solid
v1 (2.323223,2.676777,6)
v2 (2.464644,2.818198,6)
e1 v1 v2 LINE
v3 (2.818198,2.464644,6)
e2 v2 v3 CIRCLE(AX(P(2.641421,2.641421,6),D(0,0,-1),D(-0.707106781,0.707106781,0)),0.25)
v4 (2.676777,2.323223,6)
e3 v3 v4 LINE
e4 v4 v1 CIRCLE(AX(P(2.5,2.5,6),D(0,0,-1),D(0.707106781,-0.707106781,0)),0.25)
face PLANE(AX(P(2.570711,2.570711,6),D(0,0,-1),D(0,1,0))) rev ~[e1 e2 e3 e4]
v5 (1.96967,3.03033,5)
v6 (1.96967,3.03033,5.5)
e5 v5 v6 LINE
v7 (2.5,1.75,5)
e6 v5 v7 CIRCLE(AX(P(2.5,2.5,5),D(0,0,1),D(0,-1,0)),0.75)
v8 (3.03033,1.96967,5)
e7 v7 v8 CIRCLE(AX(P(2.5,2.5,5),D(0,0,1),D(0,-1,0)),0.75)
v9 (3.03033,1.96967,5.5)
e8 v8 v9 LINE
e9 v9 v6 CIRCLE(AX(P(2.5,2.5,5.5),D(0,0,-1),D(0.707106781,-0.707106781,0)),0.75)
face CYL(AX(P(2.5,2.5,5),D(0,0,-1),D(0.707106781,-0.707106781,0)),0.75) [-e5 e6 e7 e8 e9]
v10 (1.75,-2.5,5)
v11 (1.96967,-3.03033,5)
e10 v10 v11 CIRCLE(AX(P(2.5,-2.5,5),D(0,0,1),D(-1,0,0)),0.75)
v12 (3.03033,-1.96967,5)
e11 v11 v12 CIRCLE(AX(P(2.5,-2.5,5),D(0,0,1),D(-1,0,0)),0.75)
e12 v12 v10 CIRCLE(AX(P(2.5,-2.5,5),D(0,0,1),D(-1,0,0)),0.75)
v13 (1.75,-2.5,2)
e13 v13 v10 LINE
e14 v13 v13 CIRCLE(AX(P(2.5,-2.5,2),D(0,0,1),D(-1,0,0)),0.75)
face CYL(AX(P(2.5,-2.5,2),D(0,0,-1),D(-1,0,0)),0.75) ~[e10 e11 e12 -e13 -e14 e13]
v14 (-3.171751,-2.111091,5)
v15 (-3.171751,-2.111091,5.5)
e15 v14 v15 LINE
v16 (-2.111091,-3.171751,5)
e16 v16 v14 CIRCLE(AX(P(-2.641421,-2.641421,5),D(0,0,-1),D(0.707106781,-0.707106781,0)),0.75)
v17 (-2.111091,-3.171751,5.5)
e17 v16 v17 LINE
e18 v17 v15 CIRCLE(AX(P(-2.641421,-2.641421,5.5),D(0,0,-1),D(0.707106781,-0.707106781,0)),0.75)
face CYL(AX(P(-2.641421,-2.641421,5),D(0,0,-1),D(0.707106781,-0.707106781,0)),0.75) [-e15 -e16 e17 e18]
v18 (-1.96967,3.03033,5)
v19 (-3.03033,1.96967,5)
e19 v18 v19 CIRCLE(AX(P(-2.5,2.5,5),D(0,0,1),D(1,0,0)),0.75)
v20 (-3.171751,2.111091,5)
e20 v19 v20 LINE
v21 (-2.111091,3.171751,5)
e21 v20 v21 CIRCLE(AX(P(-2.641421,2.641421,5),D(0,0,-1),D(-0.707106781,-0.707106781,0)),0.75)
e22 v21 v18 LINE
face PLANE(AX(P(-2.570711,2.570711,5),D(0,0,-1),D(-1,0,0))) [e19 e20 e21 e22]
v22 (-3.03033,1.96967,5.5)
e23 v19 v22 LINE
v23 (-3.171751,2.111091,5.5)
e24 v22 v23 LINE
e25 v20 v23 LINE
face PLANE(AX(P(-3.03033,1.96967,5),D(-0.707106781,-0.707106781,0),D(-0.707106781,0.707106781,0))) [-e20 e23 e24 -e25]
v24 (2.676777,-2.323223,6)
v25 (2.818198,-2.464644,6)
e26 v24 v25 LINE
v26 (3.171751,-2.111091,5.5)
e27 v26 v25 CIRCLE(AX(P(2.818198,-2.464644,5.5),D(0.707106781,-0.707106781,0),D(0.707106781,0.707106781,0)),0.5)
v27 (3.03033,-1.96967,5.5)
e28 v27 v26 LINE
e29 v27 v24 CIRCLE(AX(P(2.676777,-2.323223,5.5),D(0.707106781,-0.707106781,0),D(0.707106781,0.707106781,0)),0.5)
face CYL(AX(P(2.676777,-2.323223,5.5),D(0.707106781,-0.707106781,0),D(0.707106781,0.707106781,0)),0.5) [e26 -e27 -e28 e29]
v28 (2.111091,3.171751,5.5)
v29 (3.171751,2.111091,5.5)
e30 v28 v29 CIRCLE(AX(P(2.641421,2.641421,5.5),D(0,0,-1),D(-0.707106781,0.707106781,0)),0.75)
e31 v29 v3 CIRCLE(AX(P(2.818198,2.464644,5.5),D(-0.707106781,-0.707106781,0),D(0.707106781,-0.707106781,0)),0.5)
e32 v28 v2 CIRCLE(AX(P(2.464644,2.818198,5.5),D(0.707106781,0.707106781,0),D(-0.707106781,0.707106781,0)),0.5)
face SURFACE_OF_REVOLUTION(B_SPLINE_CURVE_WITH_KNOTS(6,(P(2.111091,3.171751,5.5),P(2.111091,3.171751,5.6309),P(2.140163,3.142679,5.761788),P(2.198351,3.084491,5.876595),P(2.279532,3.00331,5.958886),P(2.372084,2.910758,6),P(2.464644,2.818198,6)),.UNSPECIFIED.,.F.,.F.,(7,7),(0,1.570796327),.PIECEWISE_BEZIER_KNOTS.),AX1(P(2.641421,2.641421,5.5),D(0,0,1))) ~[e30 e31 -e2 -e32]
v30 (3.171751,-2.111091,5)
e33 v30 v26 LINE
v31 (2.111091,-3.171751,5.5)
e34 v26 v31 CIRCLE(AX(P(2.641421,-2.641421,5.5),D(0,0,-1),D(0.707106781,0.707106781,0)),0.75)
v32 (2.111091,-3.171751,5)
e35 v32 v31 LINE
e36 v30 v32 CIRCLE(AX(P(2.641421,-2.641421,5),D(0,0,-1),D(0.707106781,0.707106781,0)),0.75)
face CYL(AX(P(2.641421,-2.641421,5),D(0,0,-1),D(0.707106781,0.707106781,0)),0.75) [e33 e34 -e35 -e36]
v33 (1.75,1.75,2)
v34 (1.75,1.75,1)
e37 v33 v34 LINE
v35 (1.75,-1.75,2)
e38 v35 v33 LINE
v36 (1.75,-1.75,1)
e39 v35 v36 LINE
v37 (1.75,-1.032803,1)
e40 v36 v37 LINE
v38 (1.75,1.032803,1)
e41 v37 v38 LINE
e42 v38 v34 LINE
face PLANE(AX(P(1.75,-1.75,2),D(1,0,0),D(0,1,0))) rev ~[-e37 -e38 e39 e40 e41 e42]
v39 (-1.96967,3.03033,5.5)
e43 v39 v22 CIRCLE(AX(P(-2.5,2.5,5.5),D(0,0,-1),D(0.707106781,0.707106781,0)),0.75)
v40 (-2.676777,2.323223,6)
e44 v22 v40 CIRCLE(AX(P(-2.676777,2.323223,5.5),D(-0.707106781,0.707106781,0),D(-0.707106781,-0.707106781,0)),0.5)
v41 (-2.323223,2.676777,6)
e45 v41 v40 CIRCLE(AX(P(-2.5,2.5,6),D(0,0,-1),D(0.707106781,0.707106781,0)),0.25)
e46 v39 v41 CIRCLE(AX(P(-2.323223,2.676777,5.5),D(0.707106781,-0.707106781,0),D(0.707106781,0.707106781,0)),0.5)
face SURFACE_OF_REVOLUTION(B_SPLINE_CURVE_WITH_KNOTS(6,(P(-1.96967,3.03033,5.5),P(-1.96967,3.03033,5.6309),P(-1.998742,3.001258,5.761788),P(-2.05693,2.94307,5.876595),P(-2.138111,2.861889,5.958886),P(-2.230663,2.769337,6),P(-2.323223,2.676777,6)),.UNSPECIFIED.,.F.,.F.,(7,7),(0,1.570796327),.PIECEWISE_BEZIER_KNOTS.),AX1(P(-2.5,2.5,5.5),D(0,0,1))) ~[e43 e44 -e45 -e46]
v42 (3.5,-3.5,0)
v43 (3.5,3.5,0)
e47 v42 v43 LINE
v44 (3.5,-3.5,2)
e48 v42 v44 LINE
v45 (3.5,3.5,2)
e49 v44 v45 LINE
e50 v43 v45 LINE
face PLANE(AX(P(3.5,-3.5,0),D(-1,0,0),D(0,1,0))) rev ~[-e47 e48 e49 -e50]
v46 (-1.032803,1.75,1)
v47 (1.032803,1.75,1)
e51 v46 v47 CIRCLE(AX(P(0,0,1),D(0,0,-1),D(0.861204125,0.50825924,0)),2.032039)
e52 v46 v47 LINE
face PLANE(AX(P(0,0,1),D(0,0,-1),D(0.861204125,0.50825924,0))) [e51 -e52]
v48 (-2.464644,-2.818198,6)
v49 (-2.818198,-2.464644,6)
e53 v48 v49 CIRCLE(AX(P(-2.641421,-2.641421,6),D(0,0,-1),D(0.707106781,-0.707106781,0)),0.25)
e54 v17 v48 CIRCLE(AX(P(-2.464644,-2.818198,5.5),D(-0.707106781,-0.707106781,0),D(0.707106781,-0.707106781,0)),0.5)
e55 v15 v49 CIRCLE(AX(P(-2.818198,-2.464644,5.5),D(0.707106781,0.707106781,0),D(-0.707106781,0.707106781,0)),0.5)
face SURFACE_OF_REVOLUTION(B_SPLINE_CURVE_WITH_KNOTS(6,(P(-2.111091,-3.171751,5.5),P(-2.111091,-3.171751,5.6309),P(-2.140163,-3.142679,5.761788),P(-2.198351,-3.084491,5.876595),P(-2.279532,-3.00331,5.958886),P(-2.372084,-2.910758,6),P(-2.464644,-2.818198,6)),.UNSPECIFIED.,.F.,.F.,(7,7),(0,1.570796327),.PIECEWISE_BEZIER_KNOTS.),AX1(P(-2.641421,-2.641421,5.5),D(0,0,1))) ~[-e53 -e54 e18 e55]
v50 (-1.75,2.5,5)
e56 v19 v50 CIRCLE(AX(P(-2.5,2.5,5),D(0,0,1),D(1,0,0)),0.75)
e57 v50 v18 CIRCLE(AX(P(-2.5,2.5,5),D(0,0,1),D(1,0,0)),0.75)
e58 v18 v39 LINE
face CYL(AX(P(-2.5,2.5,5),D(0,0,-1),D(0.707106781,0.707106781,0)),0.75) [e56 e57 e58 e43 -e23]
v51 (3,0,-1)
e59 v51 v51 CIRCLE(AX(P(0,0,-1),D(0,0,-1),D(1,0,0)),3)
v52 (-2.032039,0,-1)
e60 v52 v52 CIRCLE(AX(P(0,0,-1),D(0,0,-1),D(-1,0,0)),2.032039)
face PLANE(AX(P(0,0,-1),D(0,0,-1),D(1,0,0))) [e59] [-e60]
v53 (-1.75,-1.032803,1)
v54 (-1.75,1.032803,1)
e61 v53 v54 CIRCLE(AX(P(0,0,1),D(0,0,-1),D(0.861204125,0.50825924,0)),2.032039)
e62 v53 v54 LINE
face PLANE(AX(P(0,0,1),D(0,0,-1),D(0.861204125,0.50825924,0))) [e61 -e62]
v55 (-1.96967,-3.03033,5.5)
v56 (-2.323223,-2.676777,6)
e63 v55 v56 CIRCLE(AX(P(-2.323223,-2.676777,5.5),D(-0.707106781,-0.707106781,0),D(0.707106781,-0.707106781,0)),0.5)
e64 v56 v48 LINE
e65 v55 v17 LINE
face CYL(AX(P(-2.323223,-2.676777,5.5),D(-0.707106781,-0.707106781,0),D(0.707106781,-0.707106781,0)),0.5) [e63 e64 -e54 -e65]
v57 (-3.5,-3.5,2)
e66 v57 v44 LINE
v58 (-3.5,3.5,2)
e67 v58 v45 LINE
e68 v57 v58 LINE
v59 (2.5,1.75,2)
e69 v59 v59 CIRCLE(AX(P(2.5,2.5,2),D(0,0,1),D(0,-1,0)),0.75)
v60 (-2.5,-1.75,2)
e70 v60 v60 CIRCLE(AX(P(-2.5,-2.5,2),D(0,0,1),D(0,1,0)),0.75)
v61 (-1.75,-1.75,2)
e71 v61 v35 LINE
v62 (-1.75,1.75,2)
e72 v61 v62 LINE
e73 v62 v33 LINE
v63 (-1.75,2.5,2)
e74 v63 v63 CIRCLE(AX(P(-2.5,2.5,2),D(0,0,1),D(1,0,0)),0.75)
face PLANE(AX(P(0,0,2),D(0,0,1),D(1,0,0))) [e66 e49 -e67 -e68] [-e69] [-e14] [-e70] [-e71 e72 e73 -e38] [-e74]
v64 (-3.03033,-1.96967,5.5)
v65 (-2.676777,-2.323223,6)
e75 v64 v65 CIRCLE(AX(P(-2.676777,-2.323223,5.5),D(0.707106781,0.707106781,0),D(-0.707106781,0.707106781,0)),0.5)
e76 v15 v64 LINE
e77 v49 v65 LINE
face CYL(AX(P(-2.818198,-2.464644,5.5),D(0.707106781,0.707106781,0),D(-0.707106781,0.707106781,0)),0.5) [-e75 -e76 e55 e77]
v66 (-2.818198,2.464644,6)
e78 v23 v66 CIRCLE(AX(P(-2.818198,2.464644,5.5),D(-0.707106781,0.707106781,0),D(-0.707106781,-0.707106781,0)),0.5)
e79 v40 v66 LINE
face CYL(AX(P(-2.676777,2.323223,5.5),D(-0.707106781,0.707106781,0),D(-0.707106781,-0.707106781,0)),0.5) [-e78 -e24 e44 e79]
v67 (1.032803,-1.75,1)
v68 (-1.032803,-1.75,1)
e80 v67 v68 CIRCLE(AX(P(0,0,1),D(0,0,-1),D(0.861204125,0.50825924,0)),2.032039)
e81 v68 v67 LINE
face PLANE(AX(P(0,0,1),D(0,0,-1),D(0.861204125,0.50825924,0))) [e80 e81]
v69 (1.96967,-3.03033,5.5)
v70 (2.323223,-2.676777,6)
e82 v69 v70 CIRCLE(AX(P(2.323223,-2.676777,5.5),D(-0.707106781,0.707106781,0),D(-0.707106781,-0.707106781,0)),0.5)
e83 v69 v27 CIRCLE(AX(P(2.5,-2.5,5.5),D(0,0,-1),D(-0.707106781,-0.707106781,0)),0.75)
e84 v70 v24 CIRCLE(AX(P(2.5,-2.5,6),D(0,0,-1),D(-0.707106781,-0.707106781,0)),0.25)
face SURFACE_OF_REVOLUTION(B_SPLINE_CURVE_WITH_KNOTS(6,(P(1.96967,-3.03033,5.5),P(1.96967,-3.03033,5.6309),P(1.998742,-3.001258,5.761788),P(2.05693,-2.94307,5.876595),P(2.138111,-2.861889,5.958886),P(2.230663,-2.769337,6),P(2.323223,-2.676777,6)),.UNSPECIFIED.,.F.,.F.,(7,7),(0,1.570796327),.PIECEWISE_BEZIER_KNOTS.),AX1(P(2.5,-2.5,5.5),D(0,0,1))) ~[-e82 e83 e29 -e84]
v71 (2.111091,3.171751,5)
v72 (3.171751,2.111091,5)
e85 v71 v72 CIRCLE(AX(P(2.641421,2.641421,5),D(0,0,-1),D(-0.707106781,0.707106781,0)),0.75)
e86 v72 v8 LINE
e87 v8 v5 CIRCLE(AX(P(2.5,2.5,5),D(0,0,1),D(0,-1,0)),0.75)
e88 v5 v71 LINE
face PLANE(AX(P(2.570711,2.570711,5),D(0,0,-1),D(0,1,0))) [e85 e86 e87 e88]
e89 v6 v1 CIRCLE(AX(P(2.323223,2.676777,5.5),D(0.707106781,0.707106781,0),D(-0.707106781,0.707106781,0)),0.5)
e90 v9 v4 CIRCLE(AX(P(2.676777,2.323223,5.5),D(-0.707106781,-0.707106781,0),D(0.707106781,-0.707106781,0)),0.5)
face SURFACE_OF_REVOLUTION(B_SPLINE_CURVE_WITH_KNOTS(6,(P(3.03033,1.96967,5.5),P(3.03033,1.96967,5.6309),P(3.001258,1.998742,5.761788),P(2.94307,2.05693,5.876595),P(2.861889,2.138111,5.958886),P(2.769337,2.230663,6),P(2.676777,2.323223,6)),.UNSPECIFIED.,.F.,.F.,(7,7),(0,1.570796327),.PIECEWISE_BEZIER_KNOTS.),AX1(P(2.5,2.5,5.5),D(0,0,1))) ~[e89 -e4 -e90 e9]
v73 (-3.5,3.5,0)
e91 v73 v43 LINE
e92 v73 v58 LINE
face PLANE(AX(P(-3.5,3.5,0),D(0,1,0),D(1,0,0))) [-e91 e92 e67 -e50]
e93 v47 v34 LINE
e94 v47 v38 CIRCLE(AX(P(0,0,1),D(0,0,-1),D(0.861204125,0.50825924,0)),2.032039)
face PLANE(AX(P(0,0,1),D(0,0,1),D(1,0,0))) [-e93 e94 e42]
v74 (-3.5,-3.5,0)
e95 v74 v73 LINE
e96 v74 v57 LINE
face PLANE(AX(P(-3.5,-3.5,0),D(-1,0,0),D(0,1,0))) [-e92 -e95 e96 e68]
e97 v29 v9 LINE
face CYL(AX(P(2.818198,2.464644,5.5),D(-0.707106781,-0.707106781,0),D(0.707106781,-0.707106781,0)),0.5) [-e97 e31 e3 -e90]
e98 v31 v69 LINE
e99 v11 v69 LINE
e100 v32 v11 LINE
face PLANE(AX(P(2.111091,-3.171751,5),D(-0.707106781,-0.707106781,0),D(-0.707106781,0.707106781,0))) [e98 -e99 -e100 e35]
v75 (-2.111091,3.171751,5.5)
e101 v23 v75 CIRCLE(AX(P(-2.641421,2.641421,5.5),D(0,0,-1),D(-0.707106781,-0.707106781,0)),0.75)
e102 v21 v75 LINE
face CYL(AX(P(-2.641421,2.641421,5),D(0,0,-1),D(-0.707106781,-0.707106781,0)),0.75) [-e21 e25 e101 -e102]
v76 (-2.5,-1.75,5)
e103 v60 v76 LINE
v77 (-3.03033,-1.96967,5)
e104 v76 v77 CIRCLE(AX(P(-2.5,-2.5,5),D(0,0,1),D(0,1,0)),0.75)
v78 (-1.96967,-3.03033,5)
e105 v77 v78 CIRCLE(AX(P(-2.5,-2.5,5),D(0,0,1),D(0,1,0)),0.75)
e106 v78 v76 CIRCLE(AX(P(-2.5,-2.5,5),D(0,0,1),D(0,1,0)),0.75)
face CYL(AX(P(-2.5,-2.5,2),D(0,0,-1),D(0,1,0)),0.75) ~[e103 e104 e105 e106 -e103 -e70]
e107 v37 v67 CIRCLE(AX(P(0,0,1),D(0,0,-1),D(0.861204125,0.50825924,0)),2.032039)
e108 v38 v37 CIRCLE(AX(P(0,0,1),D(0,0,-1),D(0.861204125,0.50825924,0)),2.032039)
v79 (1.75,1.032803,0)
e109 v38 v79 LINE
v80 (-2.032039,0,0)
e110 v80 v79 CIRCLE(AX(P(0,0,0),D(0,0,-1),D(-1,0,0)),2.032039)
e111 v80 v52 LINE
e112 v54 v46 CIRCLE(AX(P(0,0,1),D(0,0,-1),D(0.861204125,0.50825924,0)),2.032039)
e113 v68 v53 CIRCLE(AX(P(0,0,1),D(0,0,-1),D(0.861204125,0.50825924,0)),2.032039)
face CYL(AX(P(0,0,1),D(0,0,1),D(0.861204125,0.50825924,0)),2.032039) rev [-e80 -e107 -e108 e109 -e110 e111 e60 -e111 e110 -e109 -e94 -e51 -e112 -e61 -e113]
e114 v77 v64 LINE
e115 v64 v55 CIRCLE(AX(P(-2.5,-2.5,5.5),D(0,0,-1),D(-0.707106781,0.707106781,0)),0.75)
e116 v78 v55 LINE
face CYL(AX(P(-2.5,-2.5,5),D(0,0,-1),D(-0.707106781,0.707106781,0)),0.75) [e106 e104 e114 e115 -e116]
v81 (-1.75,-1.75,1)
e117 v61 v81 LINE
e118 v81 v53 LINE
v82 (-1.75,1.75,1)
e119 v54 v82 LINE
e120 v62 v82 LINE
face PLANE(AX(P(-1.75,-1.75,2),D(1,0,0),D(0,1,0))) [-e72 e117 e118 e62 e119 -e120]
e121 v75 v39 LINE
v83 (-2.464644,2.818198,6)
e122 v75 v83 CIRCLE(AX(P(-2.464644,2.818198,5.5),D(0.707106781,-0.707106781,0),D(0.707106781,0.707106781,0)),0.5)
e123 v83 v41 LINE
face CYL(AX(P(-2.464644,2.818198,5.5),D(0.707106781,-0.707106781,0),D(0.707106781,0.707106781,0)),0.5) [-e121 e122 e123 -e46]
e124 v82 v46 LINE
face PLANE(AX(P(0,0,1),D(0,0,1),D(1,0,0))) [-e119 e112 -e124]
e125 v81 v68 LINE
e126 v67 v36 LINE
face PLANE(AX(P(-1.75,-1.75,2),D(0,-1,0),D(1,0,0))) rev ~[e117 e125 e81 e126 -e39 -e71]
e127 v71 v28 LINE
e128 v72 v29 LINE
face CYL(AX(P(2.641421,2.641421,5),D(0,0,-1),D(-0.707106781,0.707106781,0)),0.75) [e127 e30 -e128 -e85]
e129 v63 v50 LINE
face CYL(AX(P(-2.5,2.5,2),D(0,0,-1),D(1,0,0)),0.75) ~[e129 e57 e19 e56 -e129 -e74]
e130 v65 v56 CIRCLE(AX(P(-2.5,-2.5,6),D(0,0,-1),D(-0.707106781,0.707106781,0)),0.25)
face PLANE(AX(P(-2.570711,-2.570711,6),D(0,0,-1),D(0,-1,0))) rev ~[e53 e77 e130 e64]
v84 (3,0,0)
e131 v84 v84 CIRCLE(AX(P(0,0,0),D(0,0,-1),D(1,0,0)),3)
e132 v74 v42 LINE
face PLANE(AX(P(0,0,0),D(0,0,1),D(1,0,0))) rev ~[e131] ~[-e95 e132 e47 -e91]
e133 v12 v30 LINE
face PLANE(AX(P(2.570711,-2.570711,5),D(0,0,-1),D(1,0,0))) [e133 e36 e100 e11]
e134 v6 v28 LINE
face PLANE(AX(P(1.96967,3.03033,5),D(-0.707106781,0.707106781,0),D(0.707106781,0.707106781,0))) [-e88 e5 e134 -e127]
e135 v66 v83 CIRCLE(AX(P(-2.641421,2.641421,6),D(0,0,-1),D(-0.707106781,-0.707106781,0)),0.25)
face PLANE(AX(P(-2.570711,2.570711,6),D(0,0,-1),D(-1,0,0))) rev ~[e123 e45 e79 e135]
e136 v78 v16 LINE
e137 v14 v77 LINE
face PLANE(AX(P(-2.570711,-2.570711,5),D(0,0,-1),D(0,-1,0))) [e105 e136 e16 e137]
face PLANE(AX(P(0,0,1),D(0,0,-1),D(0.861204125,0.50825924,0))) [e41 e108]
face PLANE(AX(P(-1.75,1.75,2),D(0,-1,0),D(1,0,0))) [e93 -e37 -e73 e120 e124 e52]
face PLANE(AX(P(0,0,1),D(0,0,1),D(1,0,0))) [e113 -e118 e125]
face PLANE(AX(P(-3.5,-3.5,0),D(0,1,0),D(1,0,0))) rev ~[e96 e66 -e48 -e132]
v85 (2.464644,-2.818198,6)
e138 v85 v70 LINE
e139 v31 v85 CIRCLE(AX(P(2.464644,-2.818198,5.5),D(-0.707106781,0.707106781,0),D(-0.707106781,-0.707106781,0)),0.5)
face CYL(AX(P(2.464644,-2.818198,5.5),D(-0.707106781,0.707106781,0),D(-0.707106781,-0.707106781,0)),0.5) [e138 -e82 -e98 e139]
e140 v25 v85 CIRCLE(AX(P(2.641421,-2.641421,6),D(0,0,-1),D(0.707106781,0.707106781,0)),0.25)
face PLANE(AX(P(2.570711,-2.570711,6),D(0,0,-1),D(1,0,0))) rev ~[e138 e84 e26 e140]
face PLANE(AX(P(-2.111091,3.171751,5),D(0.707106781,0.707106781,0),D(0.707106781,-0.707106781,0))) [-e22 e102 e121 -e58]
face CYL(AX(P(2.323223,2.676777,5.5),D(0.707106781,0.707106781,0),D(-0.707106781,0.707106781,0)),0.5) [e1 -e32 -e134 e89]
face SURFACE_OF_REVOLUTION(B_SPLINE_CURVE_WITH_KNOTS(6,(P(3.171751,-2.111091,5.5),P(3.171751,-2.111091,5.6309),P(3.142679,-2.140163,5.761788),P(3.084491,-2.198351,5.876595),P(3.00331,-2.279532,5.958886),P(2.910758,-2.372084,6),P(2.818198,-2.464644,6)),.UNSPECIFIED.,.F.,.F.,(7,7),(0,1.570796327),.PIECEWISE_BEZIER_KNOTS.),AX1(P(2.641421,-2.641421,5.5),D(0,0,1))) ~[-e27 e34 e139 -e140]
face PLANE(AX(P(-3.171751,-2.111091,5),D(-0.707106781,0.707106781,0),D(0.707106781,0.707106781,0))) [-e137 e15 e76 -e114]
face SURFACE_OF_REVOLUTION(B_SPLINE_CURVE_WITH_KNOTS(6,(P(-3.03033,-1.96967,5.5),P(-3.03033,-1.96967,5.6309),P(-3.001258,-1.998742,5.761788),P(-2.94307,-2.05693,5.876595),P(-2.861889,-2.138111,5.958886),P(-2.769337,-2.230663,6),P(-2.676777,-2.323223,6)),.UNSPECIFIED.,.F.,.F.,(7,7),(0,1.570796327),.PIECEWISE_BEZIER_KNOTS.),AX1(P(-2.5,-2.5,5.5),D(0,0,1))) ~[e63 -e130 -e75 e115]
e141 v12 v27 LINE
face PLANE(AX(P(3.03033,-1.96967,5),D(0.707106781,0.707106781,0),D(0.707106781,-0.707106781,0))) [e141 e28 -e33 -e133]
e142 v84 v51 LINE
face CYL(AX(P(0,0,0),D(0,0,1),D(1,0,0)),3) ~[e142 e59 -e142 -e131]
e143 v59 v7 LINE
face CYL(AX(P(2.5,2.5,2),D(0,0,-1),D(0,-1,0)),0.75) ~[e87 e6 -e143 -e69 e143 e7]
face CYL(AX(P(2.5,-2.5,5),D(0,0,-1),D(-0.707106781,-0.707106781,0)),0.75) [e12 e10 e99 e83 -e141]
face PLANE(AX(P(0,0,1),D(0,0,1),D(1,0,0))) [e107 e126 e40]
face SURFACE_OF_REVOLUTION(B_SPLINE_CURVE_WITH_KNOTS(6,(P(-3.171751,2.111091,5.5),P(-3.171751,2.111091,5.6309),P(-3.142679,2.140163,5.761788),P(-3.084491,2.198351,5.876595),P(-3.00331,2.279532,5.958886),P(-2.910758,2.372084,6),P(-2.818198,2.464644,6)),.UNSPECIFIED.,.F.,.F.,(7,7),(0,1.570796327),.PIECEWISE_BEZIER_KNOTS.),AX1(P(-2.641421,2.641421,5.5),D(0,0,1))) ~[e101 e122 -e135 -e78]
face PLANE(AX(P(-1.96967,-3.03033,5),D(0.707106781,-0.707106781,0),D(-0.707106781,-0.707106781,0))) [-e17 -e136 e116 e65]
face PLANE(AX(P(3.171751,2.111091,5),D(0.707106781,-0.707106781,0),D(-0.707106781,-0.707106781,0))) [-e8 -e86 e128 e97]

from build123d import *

# Parameters (mm, degrees)
ESQUISSE1_W                        = 7
ESQUISSE1_H                        = 7
BOSS_EXTRU_1_DEPTH                 = 2
ESQUISSE2_R                        = 3
ESQUISSE2_R_2                      = 2.032039
BOSS_EXTRU_2_DEPTH                 = 1
ESQUISSE3_R                        = 0.75
BOSS_EXTRU_3_DEPTH                 = 3
BOSS_EXTRU_4_DEPTH                 = 1
CONG_1_R                           = 0.5
R_P_TITION_CIRCULAIRE2_COUNT       = 4
CONG_1_OF_R_P_TITION_CIRCULAIRE2_R = 0.5
ESQUISSE6_W                        = 3.5
ESQUISSE6_H                        = 3.5
ENL_V_MAT_EXTRU_1_DEPTH            = 1
ENL_V_START                        = -1
ESQUISSE7_R                        = 2.032039
ENL_V_MAT_EXTRU_2_DEPTH            = 1


with BuildPart() as part:
    # Esquisse1 → Boss.-Extru.1 (new body)
    with BuildSketch(Plane.XY):
        Rectangle(ESQUISSE1_W, ESQUISSE1_H)
    extrude(amount=BOSS_EXTRU_1_DEPTH)

    # Esquisse2 → Boss.-Extru.2 (add)
    with BuildSketch(Plane(origin=(0, 0, 0), x_dir=(-1, 0, 0), z_dir=(0, 0, -1))):
        with Locations(Location((0, 0, 0), (0, 0, 180))):
            Circle(ESQUISSE2_R)
        Circle(ESQUISSE2_R_2, mode=Mode.SUBTRACT)
    extrude(amount=BOSS_EXTRU_2_DEPTH)

    # Esquisse3 → Boss.-Extru.3 (add)
    with BuildSketch(Plane(origin=(-0.00837, -0.443983, 2), x_dir=(1, 0, 0), z_dir=(0, 0, 1))):
        with Locations((-2.49163, 2.943983)):
            Circle(ESQUISSE3_R)
    boss_extru_3 = extrude(amount=BOSS_EXTRU_3_DEPTH)

    # Esquisse5 → Boss.-Extru.4 (add)
    with BuildSketch(Plane.XY.offset(5)):
        with BuildLine():
            Line((-3.03033, 1.96967), (-3.171751, 2.111091))
            ThreePointArc((-3.171751, 2.111091), (-3.171751, 3.171751), (-2.111091, 3.171751))
            Line((-2.111091, 3.171751), (-1.96967, 3.03033))
            ThreePointArc((-1.96967, 3.03033), (-1.96967, 1.96967), (-3.03033, 1.96967))
        make_face()
    boss_extru_4 = extrude(amount=BOSS_EXTRU_4_DEPTH)

    # Congé1
    cong_1_edges = [part.edges().sort_by_distance(p)[0] for p in [
        (-1.96967, 1.96967, 6),
        (-2.040381, 3.101041, 6),
        (-3.171751, 3.171751, 6),
        (-3.101041, 2.040381, 6),
    ]]
    fillet(cong_1_edges, radius=CONG_1_R)

    # Répétition circulaire2: Boss.-Extru.3, Boss.-Extru.4 ×4 about axis
    r_p_tition_circulaire2_axis = Axis((0, 0, 0), (0, 0, 1))
    add([boss_extru_3.rotate(r_p_tition_circulaire2_axis, i * 360 / R_P_TITION_CIRCULAIRE2_COUNT) for i in range(1, R_P_TITION_CIRCULAIRE2_COUNT)])
    add([boss_extru_4.rotate(r_p_tition_circulaire2_axis, i * 360 / R_P_TITION_CIRCULAIRE2_COUNT) for i in range(1, R_P_TITION_CIRCULAIRE2_COUNT)])

    # Congé1 of Répétition circulaire2
    cong_1_of_r_p_tition_circulaire2_edges = [part.edges().sort_by_distance(p)[0] for p in [
        (-1.96967, -1.96967, 6),
        (-3.101041, -2.040381, 6),
        (-3.171751, -3.171751, 6),
        (-2.040381, -3.101041, 6),
        (1.96967, -1.96967, 6),
        (2.040381, -3.101041, 6),
        (3.171751, -3.171751, 6),
        (3.101041, -2.040381, 6),
        (1.96967, 1.96967, 6),
        (3.101041, 2.040381, 6),
        (3.171751, 3.171751, 6),
        (2.040381, 3.101041, 6),
    ]]
    fillet(cong_1_of_r_p_tition_circulaire2_edges, radius=CONG_1_OF_R_P_TITION_CIRCULAIRE2_R)

    # Esquisse6 → Enlèv. mat.-Extru.1 (cut)
    with BuildSketch(Plane.XY.offset(2)):
        Rectangle(ESQUISSE6_W, ESQUISSE6_H)
    extrude(amount=-ENL_V_MAT_EXTRU_1_DEPTH, mode=Mode.SUBTRACT)

    # Esquisse7 → Enlèv. mat.-Extru.2 (cut)
    with BuildSketch(Plane(origin=(0, 0, 0), x_dir=(-1, 0, 0), z_dir=(0, 0, -1)).offset(ENL_V_START)):
        with Locations(Location((0, 0, 0), (0, 0, 149.452052))):
            Circle(ESQUISSE7_R)
    extrude(amount=ENL_V_MAT_EXTRU_2_DEPTH, mode=Mode.SUBTRACT)


solid = part.part
